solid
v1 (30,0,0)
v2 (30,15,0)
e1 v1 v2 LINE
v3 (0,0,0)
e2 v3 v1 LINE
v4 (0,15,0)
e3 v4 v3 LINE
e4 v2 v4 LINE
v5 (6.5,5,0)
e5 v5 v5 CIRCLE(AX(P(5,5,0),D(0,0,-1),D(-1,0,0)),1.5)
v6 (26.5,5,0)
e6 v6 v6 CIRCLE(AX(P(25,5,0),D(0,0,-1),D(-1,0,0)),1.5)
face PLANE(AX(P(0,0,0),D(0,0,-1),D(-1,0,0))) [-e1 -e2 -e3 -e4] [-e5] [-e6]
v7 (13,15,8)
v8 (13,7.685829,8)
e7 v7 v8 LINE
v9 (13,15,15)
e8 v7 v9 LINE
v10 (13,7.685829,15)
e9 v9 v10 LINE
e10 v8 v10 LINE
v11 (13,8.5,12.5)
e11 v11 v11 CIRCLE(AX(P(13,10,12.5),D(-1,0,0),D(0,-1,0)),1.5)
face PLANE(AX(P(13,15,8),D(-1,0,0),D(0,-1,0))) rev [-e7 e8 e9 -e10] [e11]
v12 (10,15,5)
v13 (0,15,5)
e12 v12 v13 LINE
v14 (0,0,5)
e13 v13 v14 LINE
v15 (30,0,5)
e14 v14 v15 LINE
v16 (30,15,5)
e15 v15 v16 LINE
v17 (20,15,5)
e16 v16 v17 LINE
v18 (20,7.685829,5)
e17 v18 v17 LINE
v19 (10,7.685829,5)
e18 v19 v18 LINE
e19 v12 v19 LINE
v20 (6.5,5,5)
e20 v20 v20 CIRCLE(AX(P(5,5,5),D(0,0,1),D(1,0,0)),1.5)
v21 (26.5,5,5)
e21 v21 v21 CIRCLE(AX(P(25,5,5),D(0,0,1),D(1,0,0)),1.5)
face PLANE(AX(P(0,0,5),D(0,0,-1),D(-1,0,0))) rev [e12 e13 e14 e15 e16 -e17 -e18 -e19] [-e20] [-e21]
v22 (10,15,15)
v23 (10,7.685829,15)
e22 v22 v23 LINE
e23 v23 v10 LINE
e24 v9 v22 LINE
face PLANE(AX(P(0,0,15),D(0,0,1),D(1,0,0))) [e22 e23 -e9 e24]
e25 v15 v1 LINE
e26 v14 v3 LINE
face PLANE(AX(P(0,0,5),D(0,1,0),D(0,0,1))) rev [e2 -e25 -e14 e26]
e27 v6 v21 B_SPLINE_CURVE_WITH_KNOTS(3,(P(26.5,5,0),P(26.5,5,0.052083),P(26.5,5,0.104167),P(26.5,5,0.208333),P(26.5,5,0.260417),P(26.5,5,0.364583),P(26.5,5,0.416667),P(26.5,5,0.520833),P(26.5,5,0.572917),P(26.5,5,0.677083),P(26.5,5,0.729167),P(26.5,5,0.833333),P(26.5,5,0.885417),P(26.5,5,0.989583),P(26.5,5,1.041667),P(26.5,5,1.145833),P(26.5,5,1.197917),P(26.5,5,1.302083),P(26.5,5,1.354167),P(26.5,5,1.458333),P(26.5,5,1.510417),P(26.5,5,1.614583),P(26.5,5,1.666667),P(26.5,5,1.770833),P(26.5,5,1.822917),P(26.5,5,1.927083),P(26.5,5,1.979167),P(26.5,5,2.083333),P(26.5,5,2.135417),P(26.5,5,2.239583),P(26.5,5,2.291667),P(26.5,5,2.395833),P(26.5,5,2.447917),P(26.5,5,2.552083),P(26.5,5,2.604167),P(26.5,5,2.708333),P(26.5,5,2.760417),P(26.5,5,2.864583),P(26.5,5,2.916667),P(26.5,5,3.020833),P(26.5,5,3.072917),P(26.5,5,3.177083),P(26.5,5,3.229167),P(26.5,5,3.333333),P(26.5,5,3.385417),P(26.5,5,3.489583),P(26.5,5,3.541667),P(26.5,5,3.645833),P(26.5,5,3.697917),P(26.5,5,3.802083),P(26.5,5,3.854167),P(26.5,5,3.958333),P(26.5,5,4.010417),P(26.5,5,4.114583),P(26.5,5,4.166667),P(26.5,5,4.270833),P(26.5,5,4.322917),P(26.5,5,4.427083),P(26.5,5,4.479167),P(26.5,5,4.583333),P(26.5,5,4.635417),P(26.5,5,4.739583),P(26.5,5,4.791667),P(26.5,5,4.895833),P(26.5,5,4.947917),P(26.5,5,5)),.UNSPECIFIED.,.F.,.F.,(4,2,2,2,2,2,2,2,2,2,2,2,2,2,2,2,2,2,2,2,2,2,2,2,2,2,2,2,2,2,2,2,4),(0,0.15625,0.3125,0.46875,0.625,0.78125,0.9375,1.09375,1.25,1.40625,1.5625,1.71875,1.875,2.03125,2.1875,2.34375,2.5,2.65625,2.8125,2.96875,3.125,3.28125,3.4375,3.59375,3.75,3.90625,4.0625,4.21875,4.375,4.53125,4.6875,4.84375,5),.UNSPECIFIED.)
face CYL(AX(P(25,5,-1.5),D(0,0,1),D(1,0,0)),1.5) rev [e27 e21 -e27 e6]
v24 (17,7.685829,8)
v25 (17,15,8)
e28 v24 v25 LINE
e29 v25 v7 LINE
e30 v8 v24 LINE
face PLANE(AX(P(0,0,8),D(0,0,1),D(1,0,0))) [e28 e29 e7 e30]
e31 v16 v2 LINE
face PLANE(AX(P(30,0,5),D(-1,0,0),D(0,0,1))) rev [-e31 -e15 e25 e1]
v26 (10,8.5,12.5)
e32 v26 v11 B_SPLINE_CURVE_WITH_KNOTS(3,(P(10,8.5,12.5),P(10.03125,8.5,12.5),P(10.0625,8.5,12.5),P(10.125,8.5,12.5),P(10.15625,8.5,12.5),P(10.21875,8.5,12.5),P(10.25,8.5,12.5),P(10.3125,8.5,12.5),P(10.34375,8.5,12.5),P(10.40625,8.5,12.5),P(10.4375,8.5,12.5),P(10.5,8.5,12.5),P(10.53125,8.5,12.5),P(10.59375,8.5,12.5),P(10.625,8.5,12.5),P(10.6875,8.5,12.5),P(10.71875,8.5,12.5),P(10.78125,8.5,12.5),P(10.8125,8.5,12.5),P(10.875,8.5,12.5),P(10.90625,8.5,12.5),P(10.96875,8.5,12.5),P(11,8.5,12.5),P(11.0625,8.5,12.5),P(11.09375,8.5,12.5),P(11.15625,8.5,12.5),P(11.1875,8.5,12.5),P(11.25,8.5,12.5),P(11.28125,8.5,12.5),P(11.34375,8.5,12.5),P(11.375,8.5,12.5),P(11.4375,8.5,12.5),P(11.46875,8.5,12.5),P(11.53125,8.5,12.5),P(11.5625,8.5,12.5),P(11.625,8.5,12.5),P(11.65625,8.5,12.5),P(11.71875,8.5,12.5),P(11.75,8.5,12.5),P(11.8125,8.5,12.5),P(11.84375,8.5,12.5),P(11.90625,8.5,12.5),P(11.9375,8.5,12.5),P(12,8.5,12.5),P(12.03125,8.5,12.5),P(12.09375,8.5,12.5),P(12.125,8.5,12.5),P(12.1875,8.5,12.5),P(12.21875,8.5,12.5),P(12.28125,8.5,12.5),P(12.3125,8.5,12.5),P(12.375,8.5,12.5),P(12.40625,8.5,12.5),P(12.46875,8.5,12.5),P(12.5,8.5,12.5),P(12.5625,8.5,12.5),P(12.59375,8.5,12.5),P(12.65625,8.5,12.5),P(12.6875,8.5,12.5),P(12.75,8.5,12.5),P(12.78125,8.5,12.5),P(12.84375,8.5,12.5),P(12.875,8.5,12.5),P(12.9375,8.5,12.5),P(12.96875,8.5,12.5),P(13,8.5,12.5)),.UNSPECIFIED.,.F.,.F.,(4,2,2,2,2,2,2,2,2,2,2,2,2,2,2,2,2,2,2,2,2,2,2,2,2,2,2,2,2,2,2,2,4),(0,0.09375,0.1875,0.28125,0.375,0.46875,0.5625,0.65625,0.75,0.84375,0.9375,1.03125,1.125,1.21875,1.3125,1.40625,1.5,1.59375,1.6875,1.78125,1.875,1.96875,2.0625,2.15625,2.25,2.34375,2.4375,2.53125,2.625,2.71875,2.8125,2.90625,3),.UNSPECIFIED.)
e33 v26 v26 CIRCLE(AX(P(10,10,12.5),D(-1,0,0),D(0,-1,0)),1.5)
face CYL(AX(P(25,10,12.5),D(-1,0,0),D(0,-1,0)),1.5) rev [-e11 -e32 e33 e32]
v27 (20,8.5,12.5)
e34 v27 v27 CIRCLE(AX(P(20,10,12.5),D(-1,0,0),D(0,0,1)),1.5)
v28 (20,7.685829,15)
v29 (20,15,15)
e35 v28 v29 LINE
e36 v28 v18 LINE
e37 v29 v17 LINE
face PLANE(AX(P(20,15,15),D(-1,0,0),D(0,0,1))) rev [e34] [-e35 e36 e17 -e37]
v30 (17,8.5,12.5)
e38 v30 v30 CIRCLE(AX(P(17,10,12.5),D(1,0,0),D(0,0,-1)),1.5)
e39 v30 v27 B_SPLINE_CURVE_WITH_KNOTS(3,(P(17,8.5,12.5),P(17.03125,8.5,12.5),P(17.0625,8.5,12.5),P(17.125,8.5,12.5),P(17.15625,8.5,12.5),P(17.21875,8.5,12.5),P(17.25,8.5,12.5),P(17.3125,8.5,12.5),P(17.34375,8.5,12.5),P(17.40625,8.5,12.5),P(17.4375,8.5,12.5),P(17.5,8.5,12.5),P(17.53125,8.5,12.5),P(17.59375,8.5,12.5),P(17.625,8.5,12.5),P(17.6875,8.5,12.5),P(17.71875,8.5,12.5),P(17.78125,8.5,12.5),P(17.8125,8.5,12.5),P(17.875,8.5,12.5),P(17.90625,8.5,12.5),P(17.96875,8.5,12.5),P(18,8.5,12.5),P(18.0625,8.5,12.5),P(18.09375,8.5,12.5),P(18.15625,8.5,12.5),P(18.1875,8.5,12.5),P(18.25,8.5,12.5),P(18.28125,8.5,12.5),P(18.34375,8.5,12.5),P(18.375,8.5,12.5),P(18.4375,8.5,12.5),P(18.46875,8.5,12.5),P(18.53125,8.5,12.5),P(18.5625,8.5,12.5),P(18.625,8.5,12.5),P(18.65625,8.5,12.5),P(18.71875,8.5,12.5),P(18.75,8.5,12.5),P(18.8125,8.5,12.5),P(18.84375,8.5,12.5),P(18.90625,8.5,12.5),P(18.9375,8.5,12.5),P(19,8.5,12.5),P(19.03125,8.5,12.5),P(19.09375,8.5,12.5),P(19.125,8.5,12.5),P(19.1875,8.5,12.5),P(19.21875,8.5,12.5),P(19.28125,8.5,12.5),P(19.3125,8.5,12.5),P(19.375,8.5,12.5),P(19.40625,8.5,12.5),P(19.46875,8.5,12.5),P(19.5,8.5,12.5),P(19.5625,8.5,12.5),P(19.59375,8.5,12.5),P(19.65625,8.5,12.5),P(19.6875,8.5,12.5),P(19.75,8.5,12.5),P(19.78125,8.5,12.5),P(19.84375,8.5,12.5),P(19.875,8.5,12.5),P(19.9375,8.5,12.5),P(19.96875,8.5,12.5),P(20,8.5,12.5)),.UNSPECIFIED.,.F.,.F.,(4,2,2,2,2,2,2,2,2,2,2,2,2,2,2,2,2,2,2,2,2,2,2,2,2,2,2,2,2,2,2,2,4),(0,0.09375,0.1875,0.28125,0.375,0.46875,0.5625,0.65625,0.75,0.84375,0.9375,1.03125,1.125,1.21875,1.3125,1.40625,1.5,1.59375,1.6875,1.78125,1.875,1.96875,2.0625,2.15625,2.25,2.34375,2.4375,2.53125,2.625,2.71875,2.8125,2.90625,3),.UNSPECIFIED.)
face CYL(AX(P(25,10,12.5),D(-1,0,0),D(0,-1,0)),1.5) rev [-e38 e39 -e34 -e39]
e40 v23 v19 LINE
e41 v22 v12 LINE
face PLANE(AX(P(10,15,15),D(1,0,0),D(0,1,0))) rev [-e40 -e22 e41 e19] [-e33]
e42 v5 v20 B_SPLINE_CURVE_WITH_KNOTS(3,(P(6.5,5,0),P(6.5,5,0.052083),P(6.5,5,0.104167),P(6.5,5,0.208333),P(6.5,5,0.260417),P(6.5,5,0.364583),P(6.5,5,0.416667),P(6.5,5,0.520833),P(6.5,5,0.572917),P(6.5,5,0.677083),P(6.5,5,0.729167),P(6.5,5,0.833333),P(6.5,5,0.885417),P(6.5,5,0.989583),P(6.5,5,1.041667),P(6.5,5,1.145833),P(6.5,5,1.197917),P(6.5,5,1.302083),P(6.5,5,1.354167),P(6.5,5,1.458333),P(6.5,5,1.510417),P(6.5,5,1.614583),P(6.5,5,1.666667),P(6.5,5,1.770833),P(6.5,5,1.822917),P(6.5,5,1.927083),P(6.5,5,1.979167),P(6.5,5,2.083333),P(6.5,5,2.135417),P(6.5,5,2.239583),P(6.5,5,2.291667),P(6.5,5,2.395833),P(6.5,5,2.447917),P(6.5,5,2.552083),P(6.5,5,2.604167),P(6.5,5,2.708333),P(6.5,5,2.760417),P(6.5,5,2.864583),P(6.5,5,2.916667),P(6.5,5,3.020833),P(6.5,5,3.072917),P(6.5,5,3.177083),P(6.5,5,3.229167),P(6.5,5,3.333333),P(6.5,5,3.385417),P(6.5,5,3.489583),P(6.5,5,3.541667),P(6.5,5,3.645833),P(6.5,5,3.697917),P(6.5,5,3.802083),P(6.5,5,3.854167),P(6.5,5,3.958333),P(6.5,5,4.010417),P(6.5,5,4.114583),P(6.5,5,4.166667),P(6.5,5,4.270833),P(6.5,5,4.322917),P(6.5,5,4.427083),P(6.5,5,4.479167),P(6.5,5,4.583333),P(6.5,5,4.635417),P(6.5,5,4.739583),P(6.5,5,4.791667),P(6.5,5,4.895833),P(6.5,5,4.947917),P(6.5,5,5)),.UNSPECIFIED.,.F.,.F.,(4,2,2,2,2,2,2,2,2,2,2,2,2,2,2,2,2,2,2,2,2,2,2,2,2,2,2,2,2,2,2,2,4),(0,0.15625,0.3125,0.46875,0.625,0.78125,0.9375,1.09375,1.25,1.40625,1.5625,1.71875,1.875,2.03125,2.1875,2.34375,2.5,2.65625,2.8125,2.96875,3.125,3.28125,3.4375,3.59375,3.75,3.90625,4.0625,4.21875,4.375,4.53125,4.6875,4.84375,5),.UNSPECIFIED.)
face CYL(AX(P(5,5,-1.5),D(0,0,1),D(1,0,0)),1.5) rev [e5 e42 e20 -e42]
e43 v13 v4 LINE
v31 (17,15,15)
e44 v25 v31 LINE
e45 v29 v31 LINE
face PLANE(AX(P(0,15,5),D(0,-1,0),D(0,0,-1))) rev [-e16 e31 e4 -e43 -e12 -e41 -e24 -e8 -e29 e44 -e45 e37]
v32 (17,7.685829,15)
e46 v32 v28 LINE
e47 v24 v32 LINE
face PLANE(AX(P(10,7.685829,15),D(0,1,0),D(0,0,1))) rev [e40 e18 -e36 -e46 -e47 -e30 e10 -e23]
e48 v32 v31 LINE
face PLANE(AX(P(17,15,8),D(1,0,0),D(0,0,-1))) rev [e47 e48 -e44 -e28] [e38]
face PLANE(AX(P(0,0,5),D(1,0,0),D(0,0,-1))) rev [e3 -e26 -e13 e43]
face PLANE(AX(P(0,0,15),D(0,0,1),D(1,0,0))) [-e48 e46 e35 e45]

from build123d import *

# Parameters (mm, degrees)
SKETCH_1_W          = 30
SKETCH_1_H          = 15
EXTRUDE_1_DEPTH     = 5
SKETCH_2_W          = 10
SKETCH_2_H          = 7.314170724
EXTRUDE_2_DEPTH     = 10
SKETCH_3_R          = 1.5
CUT_EXTRUDE_1_DEPTH = 6.5
SKETCH_4_W          = 4
SKETCH_4_H          = 7.314170724
CUT_EXTRUDE_2_DEPTH = 7
SKETCH_5_R          = 1.5
CUT_EXTRUDE_3_DEPTH = 15


with BuildPart() as part:
    # 草图1 → 凸台-拉伸1 (new body)
    with BuildSketch(Plane.XY):
        with Locations((15, 7.5)):
            Rectangle(SKETCH_1_W, SKETCH_1_H)
    extrude(amount=EXTRUDE_1_DEPTH)

    # 草图2 → 凸台-拉伸2 (add)
    with BuildSketch(Plane.XY.offset(5)):
        with Locations((15, 11.342914638)):
            Rectangle(SKETCH_2_W, SKETCH_2_H)
    extrude(amount=EXTRUDE_2_DEPTH)

    # 草图3 → 切除-拉伸1 (cut)
    with BuildSketch(Plane.XY.offset(5)):
        with Locations((5, 5)):
            Circle(SKETCH_3_R)
        with Locations((25, 5)):
            Circle(SKETCH_3_R)
    extrude(amount=-CUT_EXTRUDE_1_DEPTH, mode=Mode.SUBTRACT)

    # 草图4 → 切除-拉伸2 (cut)
    with BuildSketch(Plane.XY.offset(15)):
        with Locations((15, 11.342914638)):
            Rectangle(SKETCH_4_W, SKETCH_4_H)
    extrude(amount=-CUT_EXTRUDE_2_DEPTH, mode=Mode.SUBTRACT)

    # 草图5 → 切除-拉伸3 (cut)
    with BuildSketch(Plane.ZY.offset(-10)):
        with Locations(Location((12.5, 10, 0), (0, 0, 270))):
            Circle(SKETCH_5_R)
    extrude(amount=-CUT_EXTRUDE_3_DEPTH, mode=Mode.SUBTRACT)


solid = part.part
